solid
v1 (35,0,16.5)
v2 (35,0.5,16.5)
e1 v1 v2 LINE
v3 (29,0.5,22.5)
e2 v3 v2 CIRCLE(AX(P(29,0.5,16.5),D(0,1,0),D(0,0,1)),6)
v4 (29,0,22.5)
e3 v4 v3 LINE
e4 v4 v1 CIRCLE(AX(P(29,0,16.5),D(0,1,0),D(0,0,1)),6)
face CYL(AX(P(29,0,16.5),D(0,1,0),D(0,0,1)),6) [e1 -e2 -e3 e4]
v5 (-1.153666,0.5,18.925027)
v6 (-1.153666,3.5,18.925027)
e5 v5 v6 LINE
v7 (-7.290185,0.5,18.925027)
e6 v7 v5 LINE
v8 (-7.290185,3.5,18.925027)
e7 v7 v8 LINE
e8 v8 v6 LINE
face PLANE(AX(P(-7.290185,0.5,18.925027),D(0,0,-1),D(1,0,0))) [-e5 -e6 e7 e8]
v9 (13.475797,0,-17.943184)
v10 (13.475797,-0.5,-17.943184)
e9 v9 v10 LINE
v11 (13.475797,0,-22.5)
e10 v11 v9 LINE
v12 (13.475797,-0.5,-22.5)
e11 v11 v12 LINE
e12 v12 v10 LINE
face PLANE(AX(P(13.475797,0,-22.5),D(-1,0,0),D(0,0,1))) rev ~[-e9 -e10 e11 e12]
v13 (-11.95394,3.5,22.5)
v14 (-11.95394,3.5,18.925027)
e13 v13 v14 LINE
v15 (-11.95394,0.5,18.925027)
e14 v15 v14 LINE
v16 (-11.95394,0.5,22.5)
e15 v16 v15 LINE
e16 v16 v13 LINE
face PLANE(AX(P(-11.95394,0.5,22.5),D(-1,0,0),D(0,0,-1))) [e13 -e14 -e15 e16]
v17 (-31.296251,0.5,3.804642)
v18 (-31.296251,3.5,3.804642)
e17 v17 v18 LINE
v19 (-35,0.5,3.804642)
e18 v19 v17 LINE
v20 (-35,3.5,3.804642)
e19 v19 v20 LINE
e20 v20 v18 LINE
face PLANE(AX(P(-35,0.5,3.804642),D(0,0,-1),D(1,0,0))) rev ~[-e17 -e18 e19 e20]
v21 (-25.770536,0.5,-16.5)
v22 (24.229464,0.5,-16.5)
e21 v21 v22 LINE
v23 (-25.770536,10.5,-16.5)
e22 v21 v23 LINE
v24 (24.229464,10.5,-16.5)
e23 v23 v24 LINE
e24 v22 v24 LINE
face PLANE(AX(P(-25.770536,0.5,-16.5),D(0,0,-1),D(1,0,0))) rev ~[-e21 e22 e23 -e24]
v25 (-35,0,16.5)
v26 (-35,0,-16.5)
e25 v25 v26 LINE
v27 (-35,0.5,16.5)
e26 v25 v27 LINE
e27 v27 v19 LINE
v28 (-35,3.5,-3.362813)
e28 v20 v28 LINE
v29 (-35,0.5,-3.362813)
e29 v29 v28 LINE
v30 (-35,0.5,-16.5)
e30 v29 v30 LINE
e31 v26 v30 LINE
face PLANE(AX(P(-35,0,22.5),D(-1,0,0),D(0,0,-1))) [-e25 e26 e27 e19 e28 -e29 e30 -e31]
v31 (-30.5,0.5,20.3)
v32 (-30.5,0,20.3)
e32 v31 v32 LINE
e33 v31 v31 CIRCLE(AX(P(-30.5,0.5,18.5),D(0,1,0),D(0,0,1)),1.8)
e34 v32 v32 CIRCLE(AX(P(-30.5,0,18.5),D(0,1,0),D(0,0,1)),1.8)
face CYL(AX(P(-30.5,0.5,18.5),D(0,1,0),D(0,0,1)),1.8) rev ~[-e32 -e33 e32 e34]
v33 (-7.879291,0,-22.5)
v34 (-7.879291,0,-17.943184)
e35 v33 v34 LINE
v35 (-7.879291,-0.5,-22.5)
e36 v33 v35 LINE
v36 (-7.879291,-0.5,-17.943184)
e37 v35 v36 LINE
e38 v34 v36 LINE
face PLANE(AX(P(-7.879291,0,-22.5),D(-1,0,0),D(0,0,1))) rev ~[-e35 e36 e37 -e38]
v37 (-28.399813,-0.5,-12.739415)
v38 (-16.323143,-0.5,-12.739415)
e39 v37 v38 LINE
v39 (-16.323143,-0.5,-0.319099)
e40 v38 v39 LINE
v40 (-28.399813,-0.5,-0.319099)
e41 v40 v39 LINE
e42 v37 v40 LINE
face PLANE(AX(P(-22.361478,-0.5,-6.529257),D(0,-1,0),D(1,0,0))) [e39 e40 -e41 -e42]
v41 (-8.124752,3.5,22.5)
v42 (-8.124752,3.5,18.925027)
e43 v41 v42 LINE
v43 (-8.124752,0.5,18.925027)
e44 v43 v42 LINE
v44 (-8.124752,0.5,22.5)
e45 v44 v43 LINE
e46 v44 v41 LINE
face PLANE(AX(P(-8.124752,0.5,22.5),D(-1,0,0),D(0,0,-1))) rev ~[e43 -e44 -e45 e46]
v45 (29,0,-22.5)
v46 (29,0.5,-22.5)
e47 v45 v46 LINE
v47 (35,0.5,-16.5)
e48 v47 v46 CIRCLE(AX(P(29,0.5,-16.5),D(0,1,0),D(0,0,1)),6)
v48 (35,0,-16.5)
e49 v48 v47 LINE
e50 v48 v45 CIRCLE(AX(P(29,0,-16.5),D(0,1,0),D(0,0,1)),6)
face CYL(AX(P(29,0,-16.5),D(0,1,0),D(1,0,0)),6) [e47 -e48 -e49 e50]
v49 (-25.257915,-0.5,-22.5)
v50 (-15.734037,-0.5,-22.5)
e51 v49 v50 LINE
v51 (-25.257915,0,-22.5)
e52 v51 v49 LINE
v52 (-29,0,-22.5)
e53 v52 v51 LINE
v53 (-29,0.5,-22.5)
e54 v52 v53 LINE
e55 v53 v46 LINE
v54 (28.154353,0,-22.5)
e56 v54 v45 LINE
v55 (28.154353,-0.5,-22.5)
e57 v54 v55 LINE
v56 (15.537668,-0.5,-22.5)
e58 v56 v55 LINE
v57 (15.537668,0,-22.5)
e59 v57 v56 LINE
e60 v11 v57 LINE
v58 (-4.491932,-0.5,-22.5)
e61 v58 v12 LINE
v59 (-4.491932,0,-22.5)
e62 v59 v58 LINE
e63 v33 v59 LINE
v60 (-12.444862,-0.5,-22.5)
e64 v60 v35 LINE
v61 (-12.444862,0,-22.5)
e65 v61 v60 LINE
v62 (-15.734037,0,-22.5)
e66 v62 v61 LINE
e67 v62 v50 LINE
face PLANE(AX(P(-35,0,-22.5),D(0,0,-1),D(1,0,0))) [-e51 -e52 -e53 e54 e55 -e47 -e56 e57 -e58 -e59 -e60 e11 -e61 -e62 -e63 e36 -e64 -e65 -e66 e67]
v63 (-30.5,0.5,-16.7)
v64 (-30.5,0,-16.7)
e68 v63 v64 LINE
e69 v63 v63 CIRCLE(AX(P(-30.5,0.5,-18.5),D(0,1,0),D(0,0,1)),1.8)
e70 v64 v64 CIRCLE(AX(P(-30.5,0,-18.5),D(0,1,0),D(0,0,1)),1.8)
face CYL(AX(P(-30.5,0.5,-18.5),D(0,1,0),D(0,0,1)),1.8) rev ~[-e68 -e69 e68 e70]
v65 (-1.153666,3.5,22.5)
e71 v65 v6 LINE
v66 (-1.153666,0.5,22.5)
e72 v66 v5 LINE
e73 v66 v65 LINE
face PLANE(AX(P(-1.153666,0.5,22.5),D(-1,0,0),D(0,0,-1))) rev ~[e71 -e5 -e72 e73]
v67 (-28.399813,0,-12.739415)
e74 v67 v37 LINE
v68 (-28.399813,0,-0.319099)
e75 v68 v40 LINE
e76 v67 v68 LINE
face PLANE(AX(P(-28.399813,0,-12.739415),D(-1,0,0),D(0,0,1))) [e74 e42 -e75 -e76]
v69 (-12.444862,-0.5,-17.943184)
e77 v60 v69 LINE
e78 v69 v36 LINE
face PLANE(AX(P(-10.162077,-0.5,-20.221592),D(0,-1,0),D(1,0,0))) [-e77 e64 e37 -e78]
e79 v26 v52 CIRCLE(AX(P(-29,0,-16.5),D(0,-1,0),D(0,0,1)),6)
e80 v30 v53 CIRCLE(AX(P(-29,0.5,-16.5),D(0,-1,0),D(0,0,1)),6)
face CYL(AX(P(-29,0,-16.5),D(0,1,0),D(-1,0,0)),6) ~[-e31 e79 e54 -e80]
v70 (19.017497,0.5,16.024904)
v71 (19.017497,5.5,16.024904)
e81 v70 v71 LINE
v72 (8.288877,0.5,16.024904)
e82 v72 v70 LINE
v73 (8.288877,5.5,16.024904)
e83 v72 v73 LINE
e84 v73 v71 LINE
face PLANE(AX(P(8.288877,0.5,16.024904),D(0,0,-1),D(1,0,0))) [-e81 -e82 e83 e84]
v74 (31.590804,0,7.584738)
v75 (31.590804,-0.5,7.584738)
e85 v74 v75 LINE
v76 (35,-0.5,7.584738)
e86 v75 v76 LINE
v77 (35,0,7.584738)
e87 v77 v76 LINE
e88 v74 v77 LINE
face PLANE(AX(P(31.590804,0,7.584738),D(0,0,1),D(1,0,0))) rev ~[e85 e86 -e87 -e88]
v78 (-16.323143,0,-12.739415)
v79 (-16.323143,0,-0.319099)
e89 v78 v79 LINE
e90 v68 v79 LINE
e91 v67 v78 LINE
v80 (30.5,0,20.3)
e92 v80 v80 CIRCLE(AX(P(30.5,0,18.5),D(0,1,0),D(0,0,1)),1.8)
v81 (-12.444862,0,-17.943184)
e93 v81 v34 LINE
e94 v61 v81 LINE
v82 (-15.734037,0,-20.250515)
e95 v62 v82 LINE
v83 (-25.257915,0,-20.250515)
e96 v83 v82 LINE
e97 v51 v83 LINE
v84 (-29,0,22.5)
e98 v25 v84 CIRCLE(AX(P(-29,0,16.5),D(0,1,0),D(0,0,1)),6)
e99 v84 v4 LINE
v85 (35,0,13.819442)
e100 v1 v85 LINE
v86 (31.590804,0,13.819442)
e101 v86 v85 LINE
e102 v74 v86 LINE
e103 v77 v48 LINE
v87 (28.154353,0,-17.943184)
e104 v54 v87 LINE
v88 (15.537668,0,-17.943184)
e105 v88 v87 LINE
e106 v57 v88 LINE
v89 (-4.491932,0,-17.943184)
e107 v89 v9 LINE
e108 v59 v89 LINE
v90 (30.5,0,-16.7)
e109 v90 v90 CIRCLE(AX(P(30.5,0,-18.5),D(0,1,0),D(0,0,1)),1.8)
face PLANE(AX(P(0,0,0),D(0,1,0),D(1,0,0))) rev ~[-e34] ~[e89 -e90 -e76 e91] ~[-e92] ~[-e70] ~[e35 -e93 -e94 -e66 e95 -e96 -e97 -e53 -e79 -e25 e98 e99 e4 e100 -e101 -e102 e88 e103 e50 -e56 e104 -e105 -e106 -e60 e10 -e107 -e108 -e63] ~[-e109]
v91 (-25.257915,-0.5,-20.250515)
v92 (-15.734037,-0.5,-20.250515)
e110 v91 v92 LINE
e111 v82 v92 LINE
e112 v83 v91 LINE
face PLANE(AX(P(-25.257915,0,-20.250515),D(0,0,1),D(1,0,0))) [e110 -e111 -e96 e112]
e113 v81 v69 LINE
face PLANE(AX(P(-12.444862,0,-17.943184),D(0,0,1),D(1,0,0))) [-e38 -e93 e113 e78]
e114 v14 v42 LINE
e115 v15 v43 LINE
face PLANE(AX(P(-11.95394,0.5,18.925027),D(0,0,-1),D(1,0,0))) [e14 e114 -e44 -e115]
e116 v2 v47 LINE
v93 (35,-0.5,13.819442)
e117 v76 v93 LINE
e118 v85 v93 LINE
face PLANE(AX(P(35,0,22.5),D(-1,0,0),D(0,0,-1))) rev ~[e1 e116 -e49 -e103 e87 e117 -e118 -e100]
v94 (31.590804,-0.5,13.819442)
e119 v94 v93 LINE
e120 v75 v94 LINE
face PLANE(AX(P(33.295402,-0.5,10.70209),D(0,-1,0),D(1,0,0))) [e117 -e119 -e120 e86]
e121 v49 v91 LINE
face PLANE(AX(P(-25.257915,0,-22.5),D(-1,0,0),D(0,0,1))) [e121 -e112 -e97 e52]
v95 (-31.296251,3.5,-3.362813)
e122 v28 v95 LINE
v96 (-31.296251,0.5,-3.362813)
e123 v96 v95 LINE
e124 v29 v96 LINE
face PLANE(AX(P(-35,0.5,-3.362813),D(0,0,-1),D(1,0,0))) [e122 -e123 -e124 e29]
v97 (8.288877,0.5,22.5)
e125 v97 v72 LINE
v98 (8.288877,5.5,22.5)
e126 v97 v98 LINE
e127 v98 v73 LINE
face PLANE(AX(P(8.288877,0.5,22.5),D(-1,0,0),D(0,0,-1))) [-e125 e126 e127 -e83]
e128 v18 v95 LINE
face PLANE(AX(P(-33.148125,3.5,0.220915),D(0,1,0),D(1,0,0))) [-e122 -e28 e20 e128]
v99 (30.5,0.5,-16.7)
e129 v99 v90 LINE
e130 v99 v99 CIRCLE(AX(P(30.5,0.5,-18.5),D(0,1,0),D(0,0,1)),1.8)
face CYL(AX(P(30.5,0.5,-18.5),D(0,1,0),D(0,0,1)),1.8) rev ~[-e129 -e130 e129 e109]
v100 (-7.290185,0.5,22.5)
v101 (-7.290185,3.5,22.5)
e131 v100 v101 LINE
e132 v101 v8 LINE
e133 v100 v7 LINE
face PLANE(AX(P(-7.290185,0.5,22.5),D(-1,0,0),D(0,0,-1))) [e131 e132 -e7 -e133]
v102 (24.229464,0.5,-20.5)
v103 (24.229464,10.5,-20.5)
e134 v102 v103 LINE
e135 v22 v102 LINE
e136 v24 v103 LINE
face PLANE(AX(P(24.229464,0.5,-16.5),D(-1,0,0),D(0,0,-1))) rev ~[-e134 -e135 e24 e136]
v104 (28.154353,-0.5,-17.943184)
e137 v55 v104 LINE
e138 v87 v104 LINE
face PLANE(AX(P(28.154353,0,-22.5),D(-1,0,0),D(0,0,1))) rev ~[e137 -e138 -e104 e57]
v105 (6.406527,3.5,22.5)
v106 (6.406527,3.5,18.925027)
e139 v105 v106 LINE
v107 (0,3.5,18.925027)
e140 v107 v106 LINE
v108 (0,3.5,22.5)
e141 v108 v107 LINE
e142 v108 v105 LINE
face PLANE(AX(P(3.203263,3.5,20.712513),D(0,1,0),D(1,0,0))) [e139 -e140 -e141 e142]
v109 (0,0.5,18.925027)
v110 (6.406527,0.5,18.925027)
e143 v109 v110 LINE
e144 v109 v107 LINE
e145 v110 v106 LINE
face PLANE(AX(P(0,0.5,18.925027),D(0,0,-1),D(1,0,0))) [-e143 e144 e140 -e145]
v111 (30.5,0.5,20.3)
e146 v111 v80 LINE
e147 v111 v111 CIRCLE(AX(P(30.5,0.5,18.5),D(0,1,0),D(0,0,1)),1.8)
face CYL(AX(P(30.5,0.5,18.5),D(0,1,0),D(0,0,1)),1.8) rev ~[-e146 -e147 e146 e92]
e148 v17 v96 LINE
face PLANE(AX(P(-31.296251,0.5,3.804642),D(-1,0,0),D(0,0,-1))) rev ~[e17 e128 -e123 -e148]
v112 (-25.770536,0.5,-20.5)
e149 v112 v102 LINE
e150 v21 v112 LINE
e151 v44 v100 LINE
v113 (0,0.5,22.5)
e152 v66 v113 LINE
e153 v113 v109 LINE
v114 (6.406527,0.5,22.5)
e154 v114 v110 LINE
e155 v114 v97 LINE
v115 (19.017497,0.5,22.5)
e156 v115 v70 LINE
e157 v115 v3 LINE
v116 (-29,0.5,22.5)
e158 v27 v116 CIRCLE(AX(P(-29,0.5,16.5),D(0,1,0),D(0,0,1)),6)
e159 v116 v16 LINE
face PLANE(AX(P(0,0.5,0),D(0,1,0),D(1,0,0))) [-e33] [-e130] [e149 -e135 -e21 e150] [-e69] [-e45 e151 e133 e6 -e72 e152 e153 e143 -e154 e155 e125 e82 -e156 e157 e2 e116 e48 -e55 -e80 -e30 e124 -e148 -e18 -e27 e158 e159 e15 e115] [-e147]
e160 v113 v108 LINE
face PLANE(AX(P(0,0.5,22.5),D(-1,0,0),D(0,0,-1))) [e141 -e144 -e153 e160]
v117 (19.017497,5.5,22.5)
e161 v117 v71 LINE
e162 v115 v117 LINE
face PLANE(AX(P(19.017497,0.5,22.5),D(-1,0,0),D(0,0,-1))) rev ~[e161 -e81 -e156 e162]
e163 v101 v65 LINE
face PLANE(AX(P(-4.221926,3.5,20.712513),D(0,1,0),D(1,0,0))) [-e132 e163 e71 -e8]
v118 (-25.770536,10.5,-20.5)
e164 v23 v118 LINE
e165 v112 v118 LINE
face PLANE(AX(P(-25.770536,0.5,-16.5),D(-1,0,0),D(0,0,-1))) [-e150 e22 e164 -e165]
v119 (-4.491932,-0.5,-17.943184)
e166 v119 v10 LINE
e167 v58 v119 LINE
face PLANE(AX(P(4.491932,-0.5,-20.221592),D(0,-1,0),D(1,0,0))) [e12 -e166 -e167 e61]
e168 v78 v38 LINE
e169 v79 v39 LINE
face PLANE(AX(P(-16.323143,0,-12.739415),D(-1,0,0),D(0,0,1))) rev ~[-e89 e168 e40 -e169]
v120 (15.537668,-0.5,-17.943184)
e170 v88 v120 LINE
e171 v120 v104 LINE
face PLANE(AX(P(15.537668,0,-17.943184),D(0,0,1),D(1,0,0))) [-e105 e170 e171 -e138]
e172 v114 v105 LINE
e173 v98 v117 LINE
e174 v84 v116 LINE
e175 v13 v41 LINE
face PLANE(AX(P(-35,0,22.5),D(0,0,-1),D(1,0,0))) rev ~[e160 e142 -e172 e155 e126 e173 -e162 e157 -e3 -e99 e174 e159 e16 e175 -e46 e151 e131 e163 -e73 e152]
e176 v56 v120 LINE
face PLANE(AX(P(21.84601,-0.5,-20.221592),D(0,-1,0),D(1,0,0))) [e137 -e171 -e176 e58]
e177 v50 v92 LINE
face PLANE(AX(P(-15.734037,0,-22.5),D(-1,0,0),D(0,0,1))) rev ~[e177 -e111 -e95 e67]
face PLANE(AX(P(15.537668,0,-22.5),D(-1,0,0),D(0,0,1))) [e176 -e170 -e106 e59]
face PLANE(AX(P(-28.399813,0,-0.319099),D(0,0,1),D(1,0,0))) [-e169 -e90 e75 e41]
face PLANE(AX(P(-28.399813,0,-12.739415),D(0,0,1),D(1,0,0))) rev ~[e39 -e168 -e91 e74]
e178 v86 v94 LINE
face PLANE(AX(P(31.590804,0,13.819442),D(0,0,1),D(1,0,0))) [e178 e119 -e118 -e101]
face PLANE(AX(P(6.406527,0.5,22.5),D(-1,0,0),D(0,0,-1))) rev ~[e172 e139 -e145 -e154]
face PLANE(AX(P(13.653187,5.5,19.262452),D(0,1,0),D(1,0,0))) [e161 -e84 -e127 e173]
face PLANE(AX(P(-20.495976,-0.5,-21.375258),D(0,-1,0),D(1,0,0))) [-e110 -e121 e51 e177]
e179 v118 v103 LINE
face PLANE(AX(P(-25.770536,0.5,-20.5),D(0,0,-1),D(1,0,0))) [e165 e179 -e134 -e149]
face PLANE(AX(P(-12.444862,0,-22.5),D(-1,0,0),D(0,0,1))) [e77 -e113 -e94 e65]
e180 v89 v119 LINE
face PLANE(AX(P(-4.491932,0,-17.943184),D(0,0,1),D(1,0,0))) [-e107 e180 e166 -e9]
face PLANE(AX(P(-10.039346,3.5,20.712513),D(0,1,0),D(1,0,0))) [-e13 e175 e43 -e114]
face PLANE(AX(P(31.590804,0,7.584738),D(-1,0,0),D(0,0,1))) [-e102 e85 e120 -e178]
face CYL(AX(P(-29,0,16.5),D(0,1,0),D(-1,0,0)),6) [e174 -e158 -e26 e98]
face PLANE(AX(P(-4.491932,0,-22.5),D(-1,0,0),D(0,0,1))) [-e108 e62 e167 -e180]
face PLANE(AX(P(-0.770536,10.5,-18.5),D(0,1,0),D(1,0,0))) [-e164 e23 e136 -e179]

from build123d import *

# Parameters (mm, degrees)
SKETCH_1_W          = 70
SKETCH_1_H          = 45
EXTRUDE_1_DEPTH     = 0.5
FILLET_1_R          = 6
SKETCH_3_R          = 1.8
CUT_EXTRUDE_1_DEPTH = 1
SKETCH_4_W          = 50
SKETCH_4_H          = 4
EXTRUDE_2_DEPTH     = 10
SKETCH_5_W          = 9.523878632
SKETCH_5_H          = 2.249484867
SKETCH_5_W_2        = 4.565570684
SKETCH_5_H_2        = 4.556816288
SKETCH_5_W_3        = 17.967729791
SKETCH_5_W_4        = 12.616684579
SKETCH_5_W_5        = 12.076670843
SKETCH_5_H_3        = 12.420315948
SKETCH_5_W_6        = 3.409196393
SKETCH_5_H_4        = 6.234704053
EXTRUDE_3_DEPTH     = 0.5
SKETCH_6_W          = 10.728619563
SKETCH_6_H          = 6.475095536
EXTRUDE_4_DEPTH     = 5
SKETCH_7_W          = 6.406526606
SKETCH_7_H          = 3.574973131
SKETCH_7_W_2        = 6.136519737
SKETCH_7_W_3        = 3.829188316
SKETCH_7_W_4        = 3.70374934
SKETCH_7_H_2        = 7.167455053
EXTRUDE_5_DEPTH     = 3


with BuildPart() as part:
    # 草图1 → 凸台-拉伸1 (new body)
    with BuildSketch(Plane(origin=(0, 0, 0), x_dir=(1, 0, 0), z_dir=(0, 1, 0))):
        Rectangle(SKETCH_1_W, SKETCH_1_H)
    extrude(amount=EXTRUDE_1_DEPTH)

    # 圆角1
    fillet_1_edges = [part.edges().sort_by_distance(p)[0] for p in [
        (-35, 0.25, -22.5),
        (35, 0.25, -22.5),
        (35, 0.25, 22.5),
        (-35, 0.25, 22.5),
    ]]
    fillet(fillet_1_edges, radius=FILLET_1_R)

    # 草图3 → 切除-拉伸1 (cut)
    with BuildSketch(Plane(origin=(0, 0.5, 0), x_dir=(1, 0, 0), z_dir=(0, 1, 0))):
        with Locations(Location((30.5, 18.5, 0), (0, 0, 270))):
            Circle(SKETCH_3_R)
        with Locations(Location((30.5, -18.5, 0), (0, 0, 270))):
            Circle(SKETCH_3_R)
        with Locations(Location((-30.5, -18.5, 0), (0, 0, 270))):
            Circle(SKETCH_3_R)
        with Locations(Location((-30.5, 18.5, 0), (0, 0, 270))):
            Circle(SKETCH_3_R)
    extrude(amount=-CUT_EXTRUDE_1_DEPTH, mode=Mode.SUBTRACT)

    # 草图4 → 凸台-拉伸2 (add)
    with BuildSketch(Plane(origin=(0, 0.5, 0), x_dir=(1, 0, 0), z_dir=(0, 1, 0))):
        with Locations((-0.770536001, 18.5)):
            Rectangle(SKETCH_4_W, SKETCH_4_H)
    extrude(amount=EXTRUDE_2_DEPTH)

    # 草图5 → 凸台-拉伸3 (add)
    with BuildSketch(Plane.XZ):
        with Locations((-20.495975922, -21.375257567)):
            Rectangle(SKETCH_5_W, SKETCH_5_H)
        with Locations((-10.162076685, -20.221591856)):
            Rectangle(SKETCH_5_W_2, SKETCH_5_H_2)
        with Locations((4.491932447, -20.221591856)):
            Rectangle(SKETCH_5_W_3, SKETCH_5_H_2)
        with Locations((21.846010265, -20.221591856)):
            Rectangle(SKETCH_5_W_4, SKETCH_5_H_2)
        with Locations((-22.361477923, -6.529257)):
            Rectangle(SKETCH_5_W_5, SKETCH_5_H_3)
        with Locations((33.295401803, 10.702090421)):
            Rectangle(SKETCH_5_W_6, SKETCH_5_H_4)
    extrude(amount=EXTRUDE_3_DEPTH)

    # 草图6 → 凸台-拉伸4 (add)
    with BuildSketch(Plane(origin=(0, 0.5, 0), x_dir=(1, 0, 0), z_dir=(0, 1, 0))):
        with Locations((13.653186787, -19.262452232)):
            Rectangle(SKETCH_6_W, SKETCH_6_H)
    extrude(amount=EXTRUDE_4_DEPTH)

    # 草图7 → 凸台-拉伸5 (add)
    with BuildSketch(Plane(origin=(0, 0.5, 0), x_dir=(1, 0, 0), z_dir=(0, 1, 0))):
        with Locations((3.203263303, -20.712513434)):
            Rectangle(SKETCH_7_W, SKETCH_7_H)
        with Locations((-4.22192558, -20.712513434)):
            Rectangle(SKETCH_7_W_2, SKETCH_7_H)
        with Locations((-10.03934629, -20.712513434)):
            Rectangle(SKETCH_7_W_3, SKETCH_7_H)
        with Locations((-33.14812533, -0.22091471)):
            Rectangle(SKETCH_7_W_4, SKETCH_7_H_2)
    extrude(amount=EXTRUDE_5_DEPTH)


solid = part.part
